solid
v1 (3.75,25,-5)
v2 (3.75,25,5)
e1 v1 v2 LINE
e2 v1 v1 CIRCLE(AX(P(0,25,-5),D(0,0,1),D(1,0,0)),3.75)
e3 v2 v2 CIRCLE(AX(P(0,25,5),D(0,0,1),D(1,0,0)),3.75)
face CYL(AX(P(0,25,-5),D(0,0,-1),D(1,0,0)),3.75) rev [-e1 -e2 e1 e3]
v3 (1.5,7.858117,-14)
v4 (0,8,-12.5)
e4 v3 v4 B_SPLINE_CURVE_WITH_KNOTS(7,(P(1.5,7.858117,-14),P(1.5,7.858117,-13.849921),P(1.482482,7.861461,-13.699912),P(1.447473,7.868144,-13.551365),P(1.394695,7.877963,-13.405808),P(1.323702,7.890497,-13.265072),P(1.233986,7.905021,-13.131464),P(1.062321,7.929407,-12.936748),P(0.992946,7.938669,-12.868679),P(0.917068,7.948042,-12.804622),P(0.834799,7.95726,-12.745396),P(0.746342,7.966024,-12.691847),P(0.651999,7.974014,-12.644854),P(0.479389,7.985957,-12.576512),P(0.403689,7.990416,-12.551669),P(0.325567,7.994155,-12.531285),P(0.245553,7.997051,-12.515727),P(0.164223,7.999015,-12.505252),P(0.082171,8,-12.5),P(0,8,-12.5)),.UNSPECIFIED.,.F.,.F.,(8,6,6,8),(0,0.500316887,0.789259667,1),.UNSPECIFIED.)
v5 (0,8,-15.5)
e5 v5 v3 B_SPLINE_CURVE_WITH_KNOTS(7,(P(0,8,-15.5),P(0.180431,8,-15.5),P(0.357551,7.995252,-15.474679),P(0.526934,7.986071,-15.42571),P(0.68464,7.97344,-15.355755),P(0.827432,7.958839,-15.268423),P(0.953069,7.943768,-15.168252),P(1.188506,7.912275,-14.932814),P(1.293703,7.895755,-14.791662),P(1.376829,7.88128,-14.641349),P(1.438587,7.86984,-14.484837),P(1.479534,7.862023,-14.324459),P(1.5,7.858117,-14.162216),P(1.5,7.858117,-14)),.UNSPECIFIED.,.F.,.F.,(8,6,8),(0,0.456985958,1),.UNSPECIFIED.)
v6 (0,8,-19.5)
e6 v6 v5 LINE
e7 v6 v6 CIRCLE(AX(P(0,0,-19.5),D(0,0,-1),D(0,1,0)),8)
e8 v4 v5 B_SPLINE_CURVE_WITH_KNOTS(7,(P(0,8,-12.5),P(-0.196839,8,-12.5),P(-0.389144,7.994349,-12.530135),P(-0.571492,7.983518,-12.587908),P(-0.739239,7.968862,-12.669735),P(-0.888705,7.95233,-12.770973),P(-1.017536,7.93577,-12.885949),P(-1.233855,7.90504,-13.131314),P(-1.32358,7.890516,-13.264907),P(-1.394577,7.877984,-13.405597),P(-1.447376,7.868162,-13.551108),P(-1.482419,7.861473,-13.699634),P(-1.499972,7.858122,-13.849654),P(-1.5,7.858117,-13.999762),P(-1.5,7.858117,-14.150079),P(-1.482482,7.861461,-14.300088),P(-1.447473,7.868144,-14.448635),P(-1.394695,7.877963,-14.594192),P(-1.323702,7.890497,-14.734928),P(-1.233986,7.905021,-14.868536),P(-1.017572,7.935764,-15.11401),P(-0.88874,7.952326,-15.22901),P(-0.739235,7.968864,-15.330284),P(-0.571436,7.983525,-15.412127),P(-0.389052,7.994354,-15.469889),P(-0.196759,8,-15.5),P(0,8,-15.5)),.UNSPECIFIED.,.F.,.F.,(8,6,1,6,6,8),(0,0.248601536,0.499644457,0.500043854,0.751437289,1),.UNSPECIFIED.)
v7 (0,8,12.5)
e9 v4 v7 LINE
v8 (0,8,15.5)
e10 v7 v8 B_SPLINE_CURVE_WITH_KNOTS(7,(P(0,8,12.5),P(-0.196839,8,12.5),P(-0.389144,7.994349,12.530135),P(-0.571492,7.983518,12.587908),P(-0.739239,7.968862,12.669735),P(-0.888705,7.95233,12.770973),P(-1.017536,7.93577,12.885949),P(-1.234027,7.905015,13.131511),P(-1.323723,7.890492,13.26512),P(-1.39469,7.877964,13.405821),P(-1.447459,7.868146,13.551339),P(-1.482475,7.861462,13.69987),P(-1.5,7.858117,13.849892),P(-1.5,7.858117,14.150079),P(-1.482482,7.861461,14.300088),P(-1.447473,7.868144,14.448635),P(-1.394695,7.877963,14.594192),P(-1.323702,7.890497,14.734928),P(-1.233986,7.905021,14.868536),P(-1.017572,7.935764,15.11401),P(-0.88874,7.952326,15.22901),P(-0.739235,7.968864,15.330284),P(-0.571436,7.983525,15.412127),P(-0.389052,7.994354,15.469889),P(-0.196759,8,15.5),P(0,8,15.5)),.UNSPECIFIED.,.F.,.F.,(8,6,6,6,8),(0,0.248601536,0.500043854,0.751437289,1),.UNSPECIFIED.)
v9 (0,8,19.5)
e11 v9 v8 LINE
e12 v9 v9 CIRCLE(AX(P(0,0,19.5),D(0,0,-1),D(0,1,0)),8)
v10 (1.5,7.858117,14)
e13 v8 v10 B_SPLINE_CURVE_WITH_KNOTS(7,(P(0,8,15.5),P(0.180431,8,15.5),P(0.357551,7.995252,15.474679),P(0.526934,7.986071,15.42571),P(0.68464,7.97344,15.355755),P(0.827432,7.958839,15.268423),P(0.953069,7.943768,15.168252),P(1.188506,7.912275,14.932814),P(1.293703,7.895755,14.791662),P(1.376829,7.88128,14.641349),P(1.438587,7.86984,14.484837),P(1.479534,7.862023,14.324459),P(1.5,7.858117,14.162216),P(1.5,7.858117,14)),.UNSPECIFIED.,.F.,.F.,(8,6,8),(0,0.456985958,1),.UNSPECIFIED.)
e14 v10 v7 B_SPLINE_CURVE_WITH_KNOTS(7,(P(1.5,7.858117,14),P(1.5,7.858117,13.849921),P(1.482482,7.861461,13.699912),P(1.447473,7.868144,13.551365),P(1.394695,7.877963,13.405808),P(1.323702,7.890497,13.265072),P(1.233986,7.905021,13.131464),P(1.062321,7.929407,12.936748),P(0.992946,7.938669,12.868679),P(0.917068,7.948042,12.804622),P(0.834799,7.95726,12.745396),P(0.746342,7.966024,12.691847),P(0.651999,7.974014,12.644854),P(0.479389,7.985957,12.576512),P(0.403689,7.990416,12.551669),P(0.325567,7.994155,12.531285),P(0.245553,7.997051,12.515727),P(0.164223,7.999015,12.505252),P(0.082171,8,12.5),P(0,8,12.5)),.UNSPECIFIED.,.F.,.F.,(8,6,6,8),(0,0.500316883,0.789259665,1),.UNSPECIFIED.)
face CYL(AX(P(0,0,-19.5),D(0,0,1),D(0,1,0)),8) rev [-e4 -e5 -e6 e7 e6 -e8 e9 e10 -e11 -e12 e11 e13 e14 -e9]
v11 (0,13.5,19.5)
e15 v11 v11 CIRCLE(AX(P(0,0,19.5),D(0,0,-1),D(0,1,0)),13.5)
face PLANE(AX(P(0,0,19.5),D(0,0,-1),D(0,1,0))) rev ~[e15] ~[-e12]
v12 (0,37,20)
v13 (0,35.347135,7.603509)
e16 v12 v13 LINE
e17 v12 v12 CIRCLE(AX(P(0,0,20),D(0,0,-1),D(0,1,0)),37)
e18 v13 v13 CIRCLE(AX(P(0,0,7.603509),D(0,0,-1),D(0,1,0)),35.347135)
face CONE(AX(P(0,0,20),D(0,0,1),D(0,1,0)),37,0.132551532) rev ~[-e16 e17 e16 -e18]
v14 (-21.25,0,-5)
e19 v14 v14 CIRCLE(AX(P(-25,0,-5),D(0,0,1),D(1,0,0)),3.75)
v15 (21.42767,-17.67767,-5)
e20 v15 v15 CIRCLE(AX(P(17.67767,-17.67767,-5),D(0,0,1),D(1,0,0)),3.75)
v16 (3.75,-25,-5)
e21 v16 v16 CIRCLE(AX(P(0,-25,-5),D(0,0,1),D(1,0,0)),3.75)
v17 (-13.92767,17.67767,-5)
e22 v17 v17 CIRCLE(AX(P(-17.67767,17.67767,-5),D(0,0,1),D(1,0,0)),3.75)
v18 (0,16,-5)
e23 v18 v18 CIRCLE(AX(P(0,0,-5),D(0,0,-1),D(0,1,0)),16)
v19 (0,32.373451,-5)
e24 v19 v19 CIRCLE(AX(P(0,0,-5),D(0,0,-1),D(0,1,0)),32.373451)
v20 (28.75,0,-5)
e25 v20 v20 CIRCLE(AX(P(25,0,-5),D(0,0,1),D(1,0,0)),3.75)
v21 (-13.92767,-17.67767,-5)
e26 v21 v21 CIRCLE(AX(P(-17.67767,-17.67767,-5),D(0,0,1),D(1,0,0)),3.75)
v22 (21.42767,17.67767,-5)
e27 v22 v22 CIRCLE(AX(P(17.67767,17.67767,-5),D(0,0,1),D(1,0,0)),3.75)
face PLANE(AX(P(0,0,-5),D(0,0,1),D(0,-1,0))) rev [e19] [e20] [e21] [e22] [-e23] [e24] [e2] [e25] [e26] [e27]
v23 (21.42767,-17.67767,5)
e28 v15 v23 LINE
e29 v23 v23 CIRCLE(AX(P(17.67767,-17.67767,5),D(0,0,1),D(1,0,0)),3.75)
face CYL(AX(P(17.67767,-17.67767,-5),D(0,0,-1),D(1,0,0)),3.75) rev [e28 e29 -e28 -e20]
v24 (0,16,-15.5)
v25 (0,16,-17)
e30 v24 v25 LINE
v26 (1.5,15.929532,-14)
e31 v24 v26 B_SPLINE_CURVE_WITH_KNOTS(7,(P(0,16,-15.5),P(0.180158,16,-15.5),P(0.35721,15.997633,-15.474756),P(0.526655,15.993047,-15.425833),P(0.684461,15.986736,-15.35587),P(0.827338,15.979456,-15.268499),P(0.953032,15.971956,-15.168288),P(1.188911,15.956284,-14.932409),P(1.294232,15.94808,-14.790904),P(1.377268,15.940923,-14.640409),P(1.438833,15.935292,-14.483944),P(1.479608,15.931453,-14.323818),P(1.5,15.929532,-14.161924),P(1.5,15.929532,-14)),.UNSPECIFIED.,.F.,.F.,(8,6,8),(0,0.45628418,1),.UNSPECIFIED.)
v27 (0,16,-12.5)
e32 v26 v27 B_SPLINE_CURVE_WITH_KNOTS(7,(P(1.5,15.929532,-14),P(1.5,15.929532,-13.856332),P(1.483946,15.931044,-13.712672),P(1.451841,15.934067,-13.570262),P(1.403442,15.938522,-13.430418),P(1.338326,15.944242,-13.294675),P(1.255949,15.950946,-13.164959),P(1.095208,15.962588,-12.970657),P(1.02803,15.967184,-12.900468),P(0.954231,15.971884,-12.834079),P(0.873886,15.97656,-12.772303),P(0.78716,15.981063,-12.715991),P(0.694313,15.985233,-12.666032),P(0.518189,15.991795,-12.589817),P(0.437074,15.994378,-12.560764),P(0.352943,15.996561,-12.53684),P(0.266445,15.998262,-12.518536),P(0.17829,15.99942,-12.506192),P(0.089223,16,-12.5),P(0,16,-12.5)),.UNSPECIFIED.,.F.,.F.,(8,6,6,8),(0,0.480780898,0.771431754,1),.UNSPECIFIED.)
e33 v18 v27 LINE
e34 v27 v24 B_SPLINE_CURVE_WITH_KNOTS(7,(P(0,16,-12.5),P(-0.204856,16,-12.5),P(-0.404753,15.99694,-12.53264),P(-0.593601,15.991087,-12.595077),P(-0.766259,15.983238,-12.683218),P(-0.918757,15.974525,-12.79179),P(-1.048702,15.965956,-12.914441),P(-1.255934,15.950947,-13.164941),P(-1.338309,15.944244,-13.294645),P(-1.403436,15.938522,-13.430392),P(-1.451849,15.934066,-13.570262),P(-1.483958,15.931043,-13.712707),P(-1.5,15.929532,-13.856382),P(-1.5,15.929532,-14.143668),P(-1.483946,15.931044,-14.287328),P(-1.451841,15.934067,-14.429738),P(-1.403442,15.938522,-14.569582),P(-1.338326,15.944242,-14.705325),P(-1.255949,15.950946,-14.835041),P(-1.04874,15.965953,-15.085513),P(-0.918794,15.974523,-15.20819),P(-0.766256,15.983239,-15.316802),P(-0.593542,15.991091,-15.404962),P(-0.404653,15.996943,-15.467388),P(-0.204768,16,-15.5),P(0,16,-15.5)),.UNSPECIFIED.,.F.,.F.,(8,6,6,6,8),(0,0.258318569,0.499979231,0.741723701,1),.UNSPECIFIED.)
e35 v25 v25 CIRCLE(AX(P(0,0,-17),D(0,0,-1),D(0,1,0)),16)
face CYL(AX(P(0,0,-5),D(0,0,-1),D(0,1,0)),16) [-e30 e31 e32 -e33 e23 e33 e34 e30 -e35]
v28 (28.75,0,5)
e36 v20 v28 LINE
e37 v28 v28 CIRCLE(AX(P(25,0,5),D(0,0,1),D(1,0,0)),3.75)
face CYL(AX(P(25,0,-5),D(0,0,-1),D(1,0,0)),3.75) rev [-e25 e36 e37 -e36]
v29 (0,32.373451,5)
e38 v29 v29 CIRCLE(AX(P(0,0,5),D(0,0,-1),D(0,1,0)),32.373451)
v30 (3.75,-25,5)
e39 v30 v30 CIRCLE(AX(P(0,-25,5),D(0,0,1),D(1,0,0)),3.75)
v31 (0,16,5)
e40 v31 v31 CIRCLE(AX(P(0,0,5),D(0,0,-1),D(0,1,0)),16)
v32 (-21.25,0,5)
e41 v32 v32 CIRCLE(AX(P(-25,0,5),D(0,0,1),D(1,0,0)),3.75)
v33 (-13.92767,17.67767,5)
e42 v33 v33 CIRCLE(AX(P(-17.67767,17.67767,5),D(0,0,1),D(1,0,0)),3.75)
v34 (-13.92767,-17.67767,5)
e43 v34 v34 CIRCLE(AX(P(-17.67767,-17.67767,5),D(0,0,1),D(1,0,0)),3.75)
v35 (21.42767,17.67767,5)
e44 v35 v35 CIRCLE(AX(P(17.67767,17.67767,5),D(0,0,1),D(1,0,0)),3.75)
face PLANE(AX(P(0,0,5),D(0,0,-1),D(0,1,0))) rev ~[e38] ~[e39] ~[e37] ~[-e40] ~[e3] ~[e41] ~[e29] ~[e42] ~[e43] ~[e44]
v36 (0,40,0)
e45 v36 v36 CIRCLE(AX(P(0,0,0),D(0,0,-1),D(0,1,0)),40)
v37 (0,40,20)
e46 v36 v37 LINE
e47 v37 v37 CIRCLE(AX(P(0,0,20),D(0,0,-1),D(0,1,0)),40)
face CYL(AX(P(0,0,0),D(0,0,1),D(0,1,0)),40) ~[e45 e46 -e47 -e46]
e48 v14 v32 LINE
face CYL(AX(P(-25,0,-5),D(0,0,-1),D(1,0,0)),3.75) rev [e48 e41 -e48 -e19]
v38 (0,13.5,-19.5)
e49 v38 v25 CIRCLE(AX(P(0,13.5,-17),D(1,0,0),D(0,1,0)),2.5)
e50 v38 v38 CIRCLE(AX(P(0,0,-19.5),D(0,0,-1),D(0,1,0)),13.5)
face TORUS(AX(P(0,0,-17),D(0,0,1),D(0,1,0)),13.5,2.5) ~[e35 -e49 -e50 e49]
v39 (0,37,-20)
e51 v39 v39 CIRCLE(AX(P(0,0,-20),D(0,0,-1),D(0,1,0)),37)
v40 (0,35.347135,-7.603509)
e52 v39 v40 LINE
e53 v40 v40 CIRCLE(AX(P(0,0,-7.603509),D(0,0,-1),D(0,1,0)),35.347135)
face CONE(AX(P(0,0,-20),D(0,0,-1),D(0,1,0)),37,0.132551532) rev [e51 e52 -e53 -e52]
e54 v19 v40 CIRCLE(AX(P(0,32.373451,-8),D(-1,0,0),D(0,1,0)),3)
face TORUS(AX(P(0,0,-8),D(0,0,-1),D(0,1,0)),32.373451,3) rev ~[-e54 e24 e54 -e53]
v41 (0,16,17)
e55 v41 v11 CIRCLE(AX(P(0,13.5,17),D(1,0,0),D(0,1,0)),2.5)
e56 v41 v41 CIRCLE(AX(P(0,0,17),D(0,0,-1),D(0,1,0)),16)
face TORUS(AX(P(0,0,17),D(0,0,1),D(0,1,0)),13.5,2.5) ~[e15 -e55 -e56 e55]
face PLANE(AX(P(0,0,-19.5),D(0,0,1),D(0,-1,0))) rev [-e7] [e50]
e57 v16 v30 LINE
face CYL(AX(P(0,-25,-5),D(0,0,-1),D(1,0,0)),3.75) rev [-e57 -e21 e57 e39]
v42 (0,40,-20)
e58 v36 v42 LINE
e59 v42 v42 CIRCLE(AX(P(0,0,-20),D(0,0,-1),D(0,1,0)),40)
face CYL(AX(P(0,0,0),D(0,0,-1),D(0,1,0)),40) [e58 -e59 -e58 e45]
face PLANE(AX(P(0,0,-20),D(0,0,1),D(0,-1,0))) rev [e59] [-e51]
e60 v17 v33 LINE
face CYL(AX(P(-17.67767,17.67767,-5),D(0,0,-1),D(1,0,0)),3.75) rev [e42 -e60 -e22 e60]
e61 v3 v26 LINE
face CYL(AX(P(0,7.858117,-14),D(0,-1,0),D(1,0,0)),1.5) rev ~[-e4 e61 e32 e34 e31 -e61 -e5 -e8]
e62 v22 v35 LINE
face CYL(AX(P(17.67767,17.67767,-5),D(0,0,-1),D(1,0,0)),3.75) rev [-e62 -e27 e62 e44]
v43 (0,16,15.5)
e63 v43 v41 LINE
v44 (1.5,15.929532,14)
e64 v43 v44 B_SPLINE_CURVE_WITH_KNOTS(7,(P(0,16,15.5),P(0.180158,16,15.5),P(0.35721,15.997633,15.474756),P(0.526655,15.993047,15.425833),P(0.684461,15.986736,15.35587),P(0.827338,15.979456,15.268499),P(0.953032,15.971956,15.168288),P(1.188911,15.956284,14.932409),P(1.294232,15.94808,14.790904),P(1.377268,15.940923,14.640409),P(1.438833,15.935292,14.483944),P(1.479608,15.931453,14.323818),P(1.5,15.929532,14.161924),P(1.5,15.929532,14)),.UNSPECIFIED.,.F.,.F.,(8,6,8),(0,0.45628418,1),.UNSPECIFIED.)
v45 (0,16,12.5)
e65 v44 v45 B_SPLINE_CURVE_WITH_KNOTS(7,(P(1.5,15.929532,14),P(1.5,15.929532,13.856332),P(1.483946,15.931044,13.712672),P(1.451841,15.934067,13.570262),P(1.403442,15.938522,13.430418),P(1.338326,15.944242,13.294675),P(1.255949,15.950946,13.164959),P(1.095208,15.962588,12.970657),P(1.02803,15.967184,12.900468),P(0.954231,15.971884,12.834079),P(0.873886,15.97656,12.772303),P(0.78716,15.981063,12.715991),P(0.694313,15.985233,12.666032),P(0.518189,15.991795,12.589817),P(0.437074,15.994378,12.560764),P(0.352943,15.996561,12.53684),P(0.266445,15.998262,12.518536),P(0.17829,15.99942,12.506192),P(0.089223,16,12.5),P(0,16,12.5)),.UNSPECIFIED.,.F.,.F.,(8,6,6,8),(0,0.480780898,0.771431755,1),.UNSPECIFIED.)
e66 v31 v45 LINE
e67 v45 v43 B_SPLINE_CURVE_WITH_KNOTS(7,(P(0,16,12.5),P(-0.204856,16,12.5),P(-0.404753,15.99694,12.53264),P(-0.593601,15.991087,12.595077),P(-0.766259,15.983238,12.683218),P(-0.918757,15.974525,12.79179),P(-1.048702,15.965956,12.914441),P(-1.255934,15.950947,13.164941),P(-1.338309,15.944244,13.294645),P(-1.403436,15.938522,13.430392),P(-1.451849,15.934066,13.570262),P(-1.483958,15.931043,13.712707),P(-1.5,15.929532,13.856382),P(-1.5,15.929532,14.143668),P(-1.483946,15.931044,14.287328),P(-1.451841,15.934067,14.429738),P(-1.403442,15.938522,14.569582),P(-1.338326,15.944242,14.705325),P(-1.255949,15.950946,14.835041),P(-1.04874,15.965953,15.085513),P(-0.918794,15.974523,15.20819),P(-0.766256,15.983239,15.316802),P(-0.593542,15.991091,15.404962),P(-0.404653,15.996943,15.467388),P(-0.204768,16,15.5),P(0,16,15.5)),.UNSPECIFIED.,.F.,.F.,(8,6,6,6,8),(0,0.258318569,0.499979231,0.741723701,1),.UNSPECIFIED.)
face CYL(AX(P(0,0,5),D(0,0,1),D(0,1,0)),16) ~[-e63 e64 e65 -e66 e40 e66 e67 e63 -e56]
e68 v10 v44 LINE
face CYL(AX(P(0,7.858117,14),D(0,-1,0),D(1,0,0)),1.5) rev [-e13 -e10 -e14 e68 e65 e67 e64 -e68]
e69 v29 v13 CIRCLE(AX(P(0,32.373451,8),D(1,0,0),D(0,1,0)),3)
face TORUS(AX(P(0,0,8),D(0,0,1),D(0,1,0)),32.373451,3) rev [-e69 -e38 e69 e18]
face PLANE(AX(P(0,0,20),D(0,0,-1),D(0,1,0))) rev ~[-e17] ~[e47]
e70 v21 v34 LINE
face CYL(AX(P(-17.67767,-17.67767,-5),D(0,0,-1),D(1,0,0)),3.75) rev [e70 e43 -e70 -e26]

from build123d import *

# Parameters (mm, degrees)
SKETCH2_R            = 3.75
CUT_EXTRUDE1_DEPTH   = 6
CUT_EXTRUDE2_START   = 7.858117
SKETCH3_R            = 1.5
CUT_EXTRUDE2_DEPTH   = 8.141883
FILLET1_R            = 3
FILLET3_R            = 2.5
FILLET1_OF_MIRROR1_R = 3
FILLET3_OF_MIRROR1_R = 2.5


with BuildPart() as part:
    # Sketch1 → Revolve1 (revolve)
    with BuildSketch(Plane(origin=(0, 0, 0), x_dir=(0, 0, -1), z_dir=(1, 0, 0))):
        Polygon((0, 8), (0, 40), (-20, 40), (-20, 37), (-5, 35), (-5, 16), (-19.5, 16), (-19.5, 8), align=None)
    revolve1 = revolve(axis=Axis((0, 0, 30), (0, 0, -1)))

    # Sketch2 → Cut-Extrude1 (cut, through all)
    with BuildSketch(Plane.XY.offset(5)):
        with Locations((0, 25)):
            Circle(SKETCH2_R)
        with Locations((17.67766953, 17.67766953)):
            Circle(SKETCH2_R)
        with Locations((25, 0)):
            Circle(SKETCH2_R)
        with Locations((17.67766953, -17.67766953)):
            Circle(SKETCH2_R)
        with Locations((0, -25)):
            Circle(SKETCH2_R)
        with Locations((-17.67766953, -17.67766953)):
            Circle(SKETCH2_R)
        with Locations((-25, 0)):
            Circle(SKETCH2_R)
        with Locations((-17.67766953, 17.67766953)):
            Circle(SKETCH2_R)
    cut_extrude1 = extrude(amount=-CUT_EXTRUDE1_DEPTH, mode=Mode.SUBTRACT)

    # Sketch3 → Cut-Extrude2 (cut)
    with BuildSketch(Plane(origin=(0, 0, 0), x_dir=(1, 0, 0), z_dir=(0, 1, 0)).offset(CUT_EXTRUDE2_START)):
        with Locations((0, -14)):
            Circle(SKETCH3_R)
    cut_extrude2 = extrude(amount=CUT_EXTRUDE2_DEPTH, mode=Mode.SUBTRACT)

    # Fillet1
    fillet1_edges = [part.edges().sort_by_distance(p)[0] for p in [
        (0, -35, 5),
    ]]
    fillet(fillet1_edges, radius=FILLET1_R)

    # Fillet3
    fillet3_edges = [part.edges().sort_by_distance(p)[0] for p in [
        (0, -16, 19.5),
    ]]
    fillet(fillet3_edges, radius=FILLET3_R)

    # Mirror1: Revolve1, Cut-Extrude1, Cut-Extrude2 across plane
    add(revolve1.mirror(Plane.XY))
    add(cut_extrude1.mirror(Plane.XY), mode=Mode.SUBTRACT)
    add(cut_extrude2.mirror(Plane.XY), mode=Mode.SUBTRACT)

    # Fillet1 of Mirror1
    fillet1_of_mirror1_edges = [part.edges().sort_by_distance(p)[0] for p in [
        (0, -35, -5),
    ]]
    fillet(fillet1_of_mirror1_edges, radius=FILLET1_OF_MIRROR1_R)

    # Fillet3 of Mirror1
    fillet3_of_mirror1_edges = [part.edges().sort_by_distance(p)[0] for p in [
        (0, -16, -19.5),
    ]]
    fillet(fillet3_of_mirror1_edges, radius=FILLET3_OF_MIRROR1_R)


solid = part.part
